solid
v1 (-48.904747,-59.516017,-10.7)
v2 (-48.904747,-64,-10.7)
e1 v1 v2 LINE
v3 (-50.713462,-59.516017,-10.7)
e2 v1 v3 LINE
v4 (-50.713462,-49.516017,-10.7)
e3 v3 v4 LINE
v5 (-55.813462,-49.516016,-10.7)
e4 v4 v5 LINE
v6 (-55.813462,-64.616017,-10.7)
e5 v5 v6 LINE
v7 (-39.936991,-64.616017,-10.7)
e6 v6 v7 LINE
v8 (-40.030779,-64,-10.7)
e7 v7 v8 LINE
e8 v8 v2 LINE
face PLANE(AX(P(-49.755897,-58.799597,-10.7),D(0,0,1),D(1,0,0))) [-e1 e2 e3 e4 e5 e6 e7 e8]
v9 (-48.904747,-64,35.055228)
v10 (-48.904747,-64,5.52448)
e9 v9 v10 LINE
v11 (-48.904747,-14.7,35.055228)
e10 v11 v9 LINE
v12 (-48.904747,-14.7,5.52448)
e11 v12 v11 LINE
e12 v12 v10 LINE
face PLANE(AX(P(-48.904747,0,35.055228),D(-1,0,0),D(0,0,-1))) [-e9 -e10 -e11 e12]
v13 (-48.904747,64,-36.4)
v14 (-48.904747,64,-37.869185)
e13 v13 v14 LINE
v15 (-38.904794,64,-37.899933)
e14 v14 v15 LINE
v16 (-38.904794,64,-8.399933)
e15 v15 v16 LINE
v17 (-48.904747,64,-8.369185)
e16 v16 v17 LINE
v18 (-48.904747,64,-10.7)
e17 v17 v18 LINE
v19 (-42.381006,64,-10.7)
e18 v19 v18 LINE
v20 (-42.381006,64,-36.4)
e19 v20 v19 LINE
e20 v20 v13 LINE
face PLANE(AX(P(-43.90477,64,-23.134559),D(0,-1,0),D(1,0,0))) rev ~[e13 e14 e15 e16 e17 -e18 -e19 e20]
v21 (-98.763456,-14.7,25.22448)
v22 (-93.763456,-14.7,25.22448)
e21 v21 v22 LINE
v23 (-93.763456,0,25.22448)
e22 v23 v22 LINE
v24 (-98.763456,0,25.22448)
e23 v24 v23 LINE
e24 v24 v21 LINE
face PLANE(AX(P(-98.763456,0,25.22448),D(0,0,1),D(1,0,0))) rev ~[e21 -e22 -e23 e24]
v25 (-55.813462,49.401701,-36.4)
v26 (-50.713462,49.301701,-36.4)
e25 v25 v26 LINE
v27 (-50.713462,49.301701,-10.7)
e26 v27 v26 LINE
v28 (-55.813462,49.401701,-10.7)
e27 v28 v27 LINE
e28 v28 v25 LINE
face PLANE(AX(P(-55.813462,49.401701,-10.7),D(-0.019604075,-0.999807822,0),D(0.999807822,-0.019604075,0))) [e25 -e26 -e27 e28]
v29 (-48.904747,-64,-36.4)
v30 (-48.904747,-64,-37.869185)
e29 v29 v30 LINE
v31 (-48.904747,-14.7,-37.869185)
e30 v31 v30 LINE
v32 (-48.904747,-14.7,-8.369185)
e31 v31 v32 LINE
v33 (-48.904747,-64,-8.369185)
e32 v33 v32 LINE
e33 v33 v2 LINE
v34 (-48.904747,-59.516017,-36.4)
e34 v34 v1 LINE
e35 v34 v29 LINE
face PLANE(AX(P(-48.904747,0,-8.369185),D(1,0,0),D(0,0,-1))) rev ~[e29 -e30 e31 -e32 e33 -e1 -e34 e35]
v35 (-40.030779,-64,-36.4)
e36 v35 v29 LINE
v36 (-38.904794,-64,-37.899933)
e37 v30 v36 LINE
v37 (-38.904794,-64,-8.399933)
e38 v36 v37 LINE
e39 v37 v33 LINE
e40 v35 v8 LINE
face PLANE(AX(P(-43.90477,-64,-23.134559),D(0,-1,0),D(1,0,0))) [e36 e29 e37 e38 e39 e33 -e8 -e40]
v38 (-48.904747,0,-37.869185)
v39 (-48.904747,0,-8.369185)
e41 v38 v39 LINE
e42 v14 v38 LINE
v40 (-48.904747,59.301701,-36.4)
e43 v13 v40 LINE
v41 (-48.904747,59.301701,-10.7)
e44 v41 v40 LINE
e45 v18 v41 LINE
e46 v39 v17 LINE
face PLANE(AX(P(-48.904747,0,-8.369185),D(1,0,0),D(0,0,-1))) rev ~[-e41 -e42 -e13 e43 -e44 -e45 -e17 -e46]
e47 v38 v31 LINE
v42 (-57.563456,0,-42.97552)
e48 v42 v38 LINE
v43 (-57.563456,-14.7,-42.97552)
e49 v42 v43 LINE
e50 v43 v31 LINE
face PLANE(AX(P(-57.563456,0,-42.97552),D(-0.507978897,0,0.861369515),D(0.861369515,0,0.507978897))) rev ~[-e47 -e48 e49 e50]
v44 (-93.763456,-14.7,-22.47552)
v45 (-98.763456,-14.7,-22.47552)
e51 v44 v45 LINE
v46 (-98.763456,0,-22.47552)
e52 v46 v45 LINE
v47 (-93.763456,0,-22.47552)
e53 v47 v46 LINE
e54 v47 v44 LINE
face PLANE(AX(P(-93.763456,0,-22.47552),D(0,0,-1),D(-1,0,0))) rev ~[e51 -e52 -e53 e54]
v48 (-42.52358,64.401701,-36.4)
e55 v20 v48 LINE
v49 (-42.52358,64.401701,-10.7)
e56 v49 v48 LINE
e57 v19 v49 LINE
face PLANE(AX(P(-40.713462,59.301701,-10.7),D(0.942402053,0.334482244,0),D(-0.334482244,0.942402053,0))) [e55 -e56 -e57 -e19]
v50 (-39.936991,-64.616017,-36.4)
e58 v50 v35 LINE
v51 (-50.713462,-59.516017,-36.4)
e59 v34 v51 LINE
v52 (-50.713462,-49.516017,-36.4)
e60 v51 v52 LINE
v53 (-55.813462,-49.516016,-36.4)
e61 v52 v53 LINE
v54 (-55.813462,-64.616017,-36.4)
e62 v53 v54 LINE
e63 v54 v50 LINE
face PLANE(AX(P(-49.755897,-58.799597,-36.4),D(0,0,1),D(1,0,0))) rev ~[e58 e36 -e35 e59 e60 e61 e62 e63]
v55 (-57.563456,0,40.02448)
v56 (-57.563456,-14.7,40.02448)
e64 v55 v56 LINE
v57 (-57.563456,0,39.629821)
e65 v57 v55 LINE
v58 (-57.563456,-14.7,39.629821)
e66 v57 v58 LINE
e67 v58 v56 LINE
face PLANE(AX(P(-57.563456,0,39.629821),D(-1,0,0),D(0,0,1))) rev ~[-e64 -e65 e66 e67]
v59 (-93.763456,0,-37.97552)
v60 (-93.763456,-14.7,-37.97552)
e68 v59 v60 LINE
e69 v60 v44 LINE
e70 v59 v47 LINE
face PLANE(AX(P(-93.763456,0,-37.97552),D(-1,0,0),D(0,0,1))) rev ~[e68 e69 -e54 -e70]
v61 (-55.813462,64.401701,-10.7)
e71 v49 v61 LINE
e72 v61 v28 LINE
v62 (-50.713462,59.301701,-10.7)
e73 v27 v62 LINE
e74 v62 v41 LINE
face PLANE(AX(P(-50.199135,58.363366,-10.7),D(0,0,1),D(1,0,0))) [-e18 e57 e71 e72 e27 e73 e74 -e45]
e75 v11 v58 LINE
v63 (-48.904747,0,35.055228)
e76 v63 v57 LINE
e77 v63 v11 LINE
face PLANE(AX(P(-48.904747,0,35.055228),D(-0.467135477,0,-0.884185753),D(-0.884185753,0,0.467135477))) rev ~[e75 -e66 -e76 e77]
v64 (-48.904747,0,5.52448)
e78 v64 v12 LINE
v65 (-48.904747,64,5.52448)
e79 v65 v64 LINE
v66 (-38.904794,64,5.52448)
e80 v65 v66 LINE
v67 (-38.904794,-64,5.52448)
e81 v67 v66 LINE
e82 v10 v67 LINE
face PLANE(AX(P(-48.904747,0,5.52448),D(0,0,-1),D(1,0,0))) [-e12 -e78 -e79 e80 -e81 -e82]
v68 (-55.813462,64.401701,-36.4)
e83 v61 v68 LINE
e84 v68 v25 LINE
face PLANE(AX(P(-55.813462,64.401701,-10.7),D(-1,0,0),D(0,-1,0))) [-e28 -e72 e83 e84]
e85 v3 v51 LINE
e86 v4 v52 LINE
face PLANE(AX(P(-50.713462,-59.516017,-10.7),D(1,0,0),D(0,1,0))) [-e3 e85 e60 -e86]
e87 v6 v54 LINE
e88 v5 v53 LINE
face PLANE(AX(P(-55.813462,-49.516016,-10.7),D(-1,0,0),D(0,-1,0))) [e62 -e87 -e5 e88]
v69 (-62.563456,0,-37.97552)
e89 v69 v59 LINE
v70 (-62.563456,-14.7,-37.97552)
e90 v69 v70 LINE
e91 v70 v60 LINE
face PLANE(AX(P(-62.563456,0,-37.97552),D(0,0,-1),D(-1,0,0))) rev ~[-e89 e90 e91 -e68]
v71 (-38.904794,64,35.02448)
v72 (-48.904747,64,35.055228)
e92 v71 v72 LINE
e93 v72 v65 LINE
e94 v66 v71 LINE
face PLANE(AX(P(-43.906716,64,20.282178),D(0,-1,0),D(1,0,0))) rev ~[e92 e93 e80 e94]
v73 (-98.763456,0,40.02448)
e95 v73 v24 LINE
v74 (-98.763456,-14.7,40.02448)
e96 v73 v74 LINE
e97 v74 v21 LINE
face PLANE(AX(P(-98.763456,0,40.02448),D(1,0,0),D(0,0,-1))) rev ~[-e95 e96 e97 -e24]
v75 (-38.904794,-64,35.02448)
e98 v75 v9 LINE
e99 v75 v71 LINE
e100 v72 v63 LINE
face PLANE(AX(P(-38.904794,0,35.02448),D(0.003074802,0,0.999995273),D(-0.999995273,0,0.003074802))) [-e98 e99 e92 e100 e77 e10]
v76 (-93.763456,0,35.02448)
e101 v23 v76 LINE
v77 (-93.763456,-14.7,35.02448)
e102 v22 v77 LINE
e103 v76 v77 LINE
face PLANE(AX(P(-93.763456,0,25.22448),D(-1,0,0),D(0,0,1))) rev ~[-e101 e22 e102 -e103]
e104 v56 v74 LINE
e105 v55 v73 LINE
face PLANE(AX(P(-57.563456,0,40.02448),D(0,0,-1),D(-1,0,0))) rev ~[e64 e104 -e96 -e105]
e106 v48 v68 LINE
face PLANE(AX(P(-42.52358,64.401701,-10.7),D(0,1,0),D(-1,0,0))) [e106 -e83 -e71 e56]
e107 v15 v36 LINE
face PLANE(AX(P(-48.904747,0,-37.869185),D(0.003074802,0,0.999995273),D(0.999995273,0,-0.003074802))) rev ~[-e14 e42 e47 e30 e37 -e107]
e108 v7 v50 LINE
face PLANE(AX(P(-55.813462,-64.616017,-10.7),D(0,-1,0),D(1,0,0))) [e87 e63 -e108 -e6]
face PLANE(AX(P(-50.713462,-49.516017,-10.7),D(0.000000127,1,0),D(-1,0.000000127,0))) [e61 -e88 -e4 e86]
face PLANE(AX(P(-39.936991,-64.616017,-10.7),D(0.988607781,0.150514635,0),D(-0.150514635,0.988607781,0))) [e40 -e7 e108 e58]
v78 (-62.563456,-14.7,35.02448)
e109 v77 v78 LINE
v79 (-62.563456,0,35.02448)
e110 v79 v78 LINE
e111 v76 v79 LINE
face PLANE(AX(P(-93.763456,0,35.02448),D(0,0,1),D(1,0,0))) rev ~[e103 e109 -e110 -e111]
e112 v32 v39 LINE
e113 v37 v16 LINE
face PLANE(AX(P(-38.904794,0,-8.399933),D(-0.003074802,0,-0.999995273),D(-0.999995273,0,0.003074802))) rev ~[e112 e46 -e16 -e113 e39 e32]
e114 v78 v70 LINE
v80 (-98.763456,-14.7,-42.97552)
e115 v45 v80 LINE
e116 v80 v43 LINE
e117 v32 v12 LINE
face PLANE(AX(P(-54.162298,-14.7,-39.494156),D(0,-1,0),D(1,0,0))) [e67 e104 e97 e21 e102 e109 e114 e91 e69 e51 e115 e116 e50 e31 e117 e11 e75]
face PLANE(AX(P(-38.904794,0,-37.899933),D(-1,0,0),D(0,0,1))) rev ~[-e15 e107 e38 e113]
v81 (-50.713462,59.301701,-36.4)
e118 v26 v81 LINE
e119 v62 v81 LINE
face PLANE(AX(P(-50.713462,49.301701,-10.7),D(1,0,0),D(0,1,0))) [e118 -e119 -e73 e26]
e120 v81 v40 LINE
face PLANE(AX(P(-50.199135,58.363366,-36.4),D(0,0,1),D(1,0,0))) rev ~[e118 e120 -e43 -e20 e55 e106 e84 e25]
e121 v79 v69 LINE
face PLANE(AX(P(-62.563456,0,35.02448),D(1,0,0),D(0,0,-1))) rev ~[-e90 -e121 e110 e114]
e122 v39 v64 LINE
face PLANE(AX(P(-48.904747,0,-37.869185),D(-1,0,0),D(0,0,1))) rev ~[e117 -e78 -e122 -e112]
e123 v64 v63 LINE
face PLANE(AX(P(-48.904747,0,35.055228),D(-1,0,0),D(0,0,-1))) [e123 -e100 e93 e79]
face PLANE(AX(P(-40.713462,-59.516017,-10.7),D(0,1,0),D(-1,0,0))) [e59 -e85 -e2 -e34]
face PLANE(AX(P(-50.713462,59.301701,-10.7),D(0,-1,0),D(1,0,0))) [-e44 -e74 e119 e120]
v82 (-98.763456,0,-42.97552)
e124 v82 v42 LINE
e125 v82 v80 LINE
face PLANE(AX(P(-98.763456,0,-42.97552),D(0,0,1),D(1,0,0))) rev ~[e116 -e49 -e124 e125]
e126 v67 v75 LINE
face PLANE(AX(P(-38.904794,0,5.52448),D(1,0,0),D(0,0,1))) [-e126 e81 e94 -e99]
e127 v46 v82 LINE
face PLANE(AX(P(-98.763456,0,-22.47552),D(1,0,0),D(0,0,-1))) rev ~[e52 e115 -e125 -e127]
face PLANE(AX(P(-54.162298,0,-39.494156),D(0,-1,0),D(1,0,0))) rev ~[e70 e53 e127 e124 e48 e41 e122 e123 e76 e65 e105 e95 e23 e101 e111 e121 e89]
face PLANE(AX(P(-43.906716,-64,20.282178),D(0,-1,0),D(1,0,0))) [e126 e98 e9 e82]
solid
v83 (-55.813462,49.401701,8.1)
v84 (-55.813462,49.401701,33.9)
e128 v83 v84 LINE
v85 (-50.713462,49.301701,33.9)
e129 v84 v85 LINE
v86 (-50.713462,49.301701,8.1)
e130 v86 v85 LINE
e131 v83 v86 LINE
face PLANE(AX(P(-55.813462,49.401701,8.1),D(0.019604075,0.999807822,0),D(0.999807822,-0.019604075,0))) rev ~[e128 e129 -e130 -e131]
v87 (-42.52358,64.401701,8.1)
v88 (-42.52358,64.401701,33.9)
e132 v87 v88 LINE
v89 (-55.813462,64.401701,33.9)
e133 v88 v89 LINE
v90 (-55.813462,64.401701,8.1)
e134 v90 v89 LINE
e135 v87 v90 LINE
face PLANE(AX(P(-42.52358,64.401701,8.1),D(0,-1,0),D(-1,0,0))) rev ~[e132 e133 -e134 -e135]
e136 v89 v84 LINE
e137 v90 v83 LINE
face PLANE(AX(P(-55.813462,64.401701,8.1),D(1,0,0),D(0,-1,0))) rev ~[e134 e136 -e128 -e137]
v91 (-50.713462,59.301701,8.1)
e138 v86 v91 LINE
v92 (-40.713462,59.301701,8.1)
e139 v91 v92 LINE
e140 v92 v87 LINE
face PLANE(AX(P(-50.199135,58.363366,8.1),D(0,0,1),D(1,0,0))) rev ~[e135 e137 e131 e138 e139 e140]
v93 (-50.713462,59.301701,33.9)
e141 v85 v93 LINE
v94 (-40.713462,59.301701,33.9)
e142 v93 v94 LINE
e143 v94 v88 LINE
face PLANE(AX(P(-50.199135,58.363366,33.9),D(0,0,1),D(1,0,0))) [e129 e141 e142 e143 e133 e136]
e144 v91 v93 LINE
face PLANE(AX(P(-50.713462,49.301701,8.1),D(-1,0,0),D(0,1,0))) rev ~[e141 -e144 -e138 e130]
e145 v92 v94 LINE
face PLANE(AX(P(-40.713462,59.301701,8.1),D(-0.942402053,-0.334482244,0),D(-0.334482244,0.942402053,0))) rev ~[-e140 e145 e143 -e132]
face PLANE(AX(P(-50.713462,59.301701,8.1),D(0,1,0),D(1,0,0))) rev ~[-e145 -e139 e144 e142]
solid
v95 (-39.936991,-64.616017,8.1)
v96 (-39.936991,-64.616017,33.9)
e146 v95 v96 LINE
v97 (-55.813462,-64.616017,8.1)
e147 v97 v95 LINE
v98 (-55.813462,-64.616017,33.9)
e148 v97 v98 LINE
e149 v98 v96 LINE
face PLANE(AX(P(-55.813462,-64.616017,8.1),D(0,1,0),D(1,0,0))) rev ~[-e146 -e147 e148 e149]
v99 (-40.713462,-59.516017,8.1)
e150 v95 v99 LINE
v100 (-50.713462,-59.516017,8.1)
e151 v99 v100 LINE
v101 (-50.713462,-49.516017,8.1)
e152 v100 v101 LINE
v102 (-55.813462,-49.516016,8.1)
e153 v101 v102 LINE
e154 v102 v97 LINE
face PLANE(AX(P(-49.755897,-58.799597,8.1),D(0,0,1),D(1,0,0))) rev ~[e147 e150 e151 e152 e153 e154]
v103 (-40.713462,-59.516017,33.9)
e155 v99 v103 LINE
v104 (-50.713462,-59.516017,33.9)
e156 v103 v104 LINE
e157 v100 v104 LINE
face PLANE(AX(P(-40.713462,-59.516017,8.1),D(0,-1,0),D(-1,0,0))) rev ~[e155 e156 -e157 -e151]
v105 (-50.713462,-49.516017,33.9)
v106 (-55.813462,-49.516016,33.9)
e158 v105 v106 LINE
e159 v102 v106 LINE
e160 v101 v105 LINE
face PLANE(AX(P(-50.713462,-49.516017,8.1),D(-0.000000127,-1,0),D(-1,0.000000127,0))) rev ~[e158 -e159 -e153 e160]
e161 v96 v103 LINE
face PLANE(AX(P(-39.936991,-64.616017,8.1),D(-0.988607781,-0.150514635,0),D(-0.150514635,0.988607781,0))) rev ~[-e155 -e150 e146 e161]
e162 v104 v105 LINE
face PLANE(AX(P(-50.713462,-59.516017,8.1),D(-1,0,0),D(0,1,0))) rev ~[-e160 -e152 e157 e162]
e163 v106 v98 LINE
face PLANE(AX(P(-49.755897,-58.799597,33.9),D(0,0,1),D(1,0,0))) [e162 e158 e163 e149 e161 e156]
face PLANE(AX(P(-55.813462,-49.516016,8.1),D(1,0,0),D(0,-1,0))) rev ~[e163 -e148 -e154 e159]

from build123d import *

# Parameters (mm, degrees)
F1_DEPTH = 14.7
F2_DEPTH = 64
F4_START = 8.1
F4_DEPTH = 25.8
F5_START = -10.7
F5_DEPTH = 25.7


with BuildPart() as f1:
    # F0 (on Front) → F1 (new body)
    with BuildSketch(Plane.XZ):
        Polygon((-57.5634558845, -37.8691852093), (-57.5634558845, -42.9755204436), (-48.9047467709, -37.8691852093), align=None)
        Polygon((-57.5634558845, 39.6298208652), (-57.5634558845, 35.0552275777), (-48.9047467709, 35.0552275777), align=None)
        Polygon((-62.5634558845, -37.9755204436), (-93.7634558845, -37.9755204436), (-93.7634558845, -22.4755204436), (-98.7634558845, -22.4755204436), (-98.7634558845, -42.9755204436), (-57.5634558845, -42.9755204436), (-57.5634558845, -37.8691852093), (-57.5634558845, 35.0552275777), (-57.5634558845, 39.6298208652), (-57.5634558845, 40.0244795564), (-98.7634558845, 40.0244795564), (-98.7634558845, 25.2244795564), (-93.7634558845, 25.2244795564), (-93.7634558845, 35.0244795564), (-62.5634558845, 35.0244795564), align=None)
        Polygon((-57.5634558845, 35.0552275777), (-57.5634558845, -37.8691852093), (-48.9047467709, -37.8691852093), (-48.9047467709, -8.3691852093), (-48.9047467709, 5.5244795564), (-48.9047467709, 35.0552275777), align=None)
    extrude(amount=F1_DEPTH)

    # F0 (on Front) → F2 (join, symmetric)
    with BuildSketch(Plane.XZ):
        Polygon((-48.9047467709, -8.3691852093), (-48.9047467709, -37.8691852093), (-38.904794043, -37.8999332305), (-38.904794043, -8.3999332305), align=None)
        Polygon((-38.904794043, 35.0244795564), (-48.9047467709, 35.0552275777), (-48.9047467709, 5.5244795564), (-38.904794043, 5.5244795564), align=None)
    extrude(amount=F2_DEPTH, both=True)

    # F3 (on Top) → F5 (join)
    with BuildSketch(Plane.XY.offset(F5_START)):
        Polygon((-39.9369911849, -64.6160170436), (-40.7134615421, -59.5160170436), (-50.7134615421, -59.5160170436), (-50.7134615421, -49.5160170436), (-55.8134615421, -49.5160163939), (-55.8134615421, -64.6160170436), align=None)
        Polygon((-50.7134615421, 59.3017010927), (-40.7134615421, 59.3017010927), (-42.5235800982, 64.4017010927), (-55.8134615421, 64.4017010927), (-55.8134615421, 49.4017010927), (-50.7134615421, 49.3017010927), align=None)
    extrude(amount=-F5_DEPTH)


with BuildPart() as f4:
    # F3 (on Top) → F4 (new body)
    with BuildSketch(Plane.XY.offset(F4_START)):
        Polygon((-50.7134615421, 59.3017010927), (-40.7134615421, 59.3017010927), (-42.5235800982, 64.4017010927), (-55.8134615421, 64.4017010927), (-55.8134615421, 49.4017010927), (-50.7134615421, 49.3017010927), align=None)
    extrude(amount=F4_DEPTH)


with BuildPart() as f4b:
    # F3 (on Top) → F4, piece 2 (new body)
    with BuildSketch(Plane.XY.offset(F4_START)):
        Polygon((-39.9369911849, -64.6160170436), (-40.7134615421, -59.5160170436), (-50.7134615421, -59.5160170436), (-50.7134615421, -49.5160170436), (-55.8134615421, -49.5160163939), (-55.8134615421, -64.6160170436), align=None)
    extrude(amount=F4_DEPTH)


solid = Compound([f1.part, f4.part, f4b.part])
